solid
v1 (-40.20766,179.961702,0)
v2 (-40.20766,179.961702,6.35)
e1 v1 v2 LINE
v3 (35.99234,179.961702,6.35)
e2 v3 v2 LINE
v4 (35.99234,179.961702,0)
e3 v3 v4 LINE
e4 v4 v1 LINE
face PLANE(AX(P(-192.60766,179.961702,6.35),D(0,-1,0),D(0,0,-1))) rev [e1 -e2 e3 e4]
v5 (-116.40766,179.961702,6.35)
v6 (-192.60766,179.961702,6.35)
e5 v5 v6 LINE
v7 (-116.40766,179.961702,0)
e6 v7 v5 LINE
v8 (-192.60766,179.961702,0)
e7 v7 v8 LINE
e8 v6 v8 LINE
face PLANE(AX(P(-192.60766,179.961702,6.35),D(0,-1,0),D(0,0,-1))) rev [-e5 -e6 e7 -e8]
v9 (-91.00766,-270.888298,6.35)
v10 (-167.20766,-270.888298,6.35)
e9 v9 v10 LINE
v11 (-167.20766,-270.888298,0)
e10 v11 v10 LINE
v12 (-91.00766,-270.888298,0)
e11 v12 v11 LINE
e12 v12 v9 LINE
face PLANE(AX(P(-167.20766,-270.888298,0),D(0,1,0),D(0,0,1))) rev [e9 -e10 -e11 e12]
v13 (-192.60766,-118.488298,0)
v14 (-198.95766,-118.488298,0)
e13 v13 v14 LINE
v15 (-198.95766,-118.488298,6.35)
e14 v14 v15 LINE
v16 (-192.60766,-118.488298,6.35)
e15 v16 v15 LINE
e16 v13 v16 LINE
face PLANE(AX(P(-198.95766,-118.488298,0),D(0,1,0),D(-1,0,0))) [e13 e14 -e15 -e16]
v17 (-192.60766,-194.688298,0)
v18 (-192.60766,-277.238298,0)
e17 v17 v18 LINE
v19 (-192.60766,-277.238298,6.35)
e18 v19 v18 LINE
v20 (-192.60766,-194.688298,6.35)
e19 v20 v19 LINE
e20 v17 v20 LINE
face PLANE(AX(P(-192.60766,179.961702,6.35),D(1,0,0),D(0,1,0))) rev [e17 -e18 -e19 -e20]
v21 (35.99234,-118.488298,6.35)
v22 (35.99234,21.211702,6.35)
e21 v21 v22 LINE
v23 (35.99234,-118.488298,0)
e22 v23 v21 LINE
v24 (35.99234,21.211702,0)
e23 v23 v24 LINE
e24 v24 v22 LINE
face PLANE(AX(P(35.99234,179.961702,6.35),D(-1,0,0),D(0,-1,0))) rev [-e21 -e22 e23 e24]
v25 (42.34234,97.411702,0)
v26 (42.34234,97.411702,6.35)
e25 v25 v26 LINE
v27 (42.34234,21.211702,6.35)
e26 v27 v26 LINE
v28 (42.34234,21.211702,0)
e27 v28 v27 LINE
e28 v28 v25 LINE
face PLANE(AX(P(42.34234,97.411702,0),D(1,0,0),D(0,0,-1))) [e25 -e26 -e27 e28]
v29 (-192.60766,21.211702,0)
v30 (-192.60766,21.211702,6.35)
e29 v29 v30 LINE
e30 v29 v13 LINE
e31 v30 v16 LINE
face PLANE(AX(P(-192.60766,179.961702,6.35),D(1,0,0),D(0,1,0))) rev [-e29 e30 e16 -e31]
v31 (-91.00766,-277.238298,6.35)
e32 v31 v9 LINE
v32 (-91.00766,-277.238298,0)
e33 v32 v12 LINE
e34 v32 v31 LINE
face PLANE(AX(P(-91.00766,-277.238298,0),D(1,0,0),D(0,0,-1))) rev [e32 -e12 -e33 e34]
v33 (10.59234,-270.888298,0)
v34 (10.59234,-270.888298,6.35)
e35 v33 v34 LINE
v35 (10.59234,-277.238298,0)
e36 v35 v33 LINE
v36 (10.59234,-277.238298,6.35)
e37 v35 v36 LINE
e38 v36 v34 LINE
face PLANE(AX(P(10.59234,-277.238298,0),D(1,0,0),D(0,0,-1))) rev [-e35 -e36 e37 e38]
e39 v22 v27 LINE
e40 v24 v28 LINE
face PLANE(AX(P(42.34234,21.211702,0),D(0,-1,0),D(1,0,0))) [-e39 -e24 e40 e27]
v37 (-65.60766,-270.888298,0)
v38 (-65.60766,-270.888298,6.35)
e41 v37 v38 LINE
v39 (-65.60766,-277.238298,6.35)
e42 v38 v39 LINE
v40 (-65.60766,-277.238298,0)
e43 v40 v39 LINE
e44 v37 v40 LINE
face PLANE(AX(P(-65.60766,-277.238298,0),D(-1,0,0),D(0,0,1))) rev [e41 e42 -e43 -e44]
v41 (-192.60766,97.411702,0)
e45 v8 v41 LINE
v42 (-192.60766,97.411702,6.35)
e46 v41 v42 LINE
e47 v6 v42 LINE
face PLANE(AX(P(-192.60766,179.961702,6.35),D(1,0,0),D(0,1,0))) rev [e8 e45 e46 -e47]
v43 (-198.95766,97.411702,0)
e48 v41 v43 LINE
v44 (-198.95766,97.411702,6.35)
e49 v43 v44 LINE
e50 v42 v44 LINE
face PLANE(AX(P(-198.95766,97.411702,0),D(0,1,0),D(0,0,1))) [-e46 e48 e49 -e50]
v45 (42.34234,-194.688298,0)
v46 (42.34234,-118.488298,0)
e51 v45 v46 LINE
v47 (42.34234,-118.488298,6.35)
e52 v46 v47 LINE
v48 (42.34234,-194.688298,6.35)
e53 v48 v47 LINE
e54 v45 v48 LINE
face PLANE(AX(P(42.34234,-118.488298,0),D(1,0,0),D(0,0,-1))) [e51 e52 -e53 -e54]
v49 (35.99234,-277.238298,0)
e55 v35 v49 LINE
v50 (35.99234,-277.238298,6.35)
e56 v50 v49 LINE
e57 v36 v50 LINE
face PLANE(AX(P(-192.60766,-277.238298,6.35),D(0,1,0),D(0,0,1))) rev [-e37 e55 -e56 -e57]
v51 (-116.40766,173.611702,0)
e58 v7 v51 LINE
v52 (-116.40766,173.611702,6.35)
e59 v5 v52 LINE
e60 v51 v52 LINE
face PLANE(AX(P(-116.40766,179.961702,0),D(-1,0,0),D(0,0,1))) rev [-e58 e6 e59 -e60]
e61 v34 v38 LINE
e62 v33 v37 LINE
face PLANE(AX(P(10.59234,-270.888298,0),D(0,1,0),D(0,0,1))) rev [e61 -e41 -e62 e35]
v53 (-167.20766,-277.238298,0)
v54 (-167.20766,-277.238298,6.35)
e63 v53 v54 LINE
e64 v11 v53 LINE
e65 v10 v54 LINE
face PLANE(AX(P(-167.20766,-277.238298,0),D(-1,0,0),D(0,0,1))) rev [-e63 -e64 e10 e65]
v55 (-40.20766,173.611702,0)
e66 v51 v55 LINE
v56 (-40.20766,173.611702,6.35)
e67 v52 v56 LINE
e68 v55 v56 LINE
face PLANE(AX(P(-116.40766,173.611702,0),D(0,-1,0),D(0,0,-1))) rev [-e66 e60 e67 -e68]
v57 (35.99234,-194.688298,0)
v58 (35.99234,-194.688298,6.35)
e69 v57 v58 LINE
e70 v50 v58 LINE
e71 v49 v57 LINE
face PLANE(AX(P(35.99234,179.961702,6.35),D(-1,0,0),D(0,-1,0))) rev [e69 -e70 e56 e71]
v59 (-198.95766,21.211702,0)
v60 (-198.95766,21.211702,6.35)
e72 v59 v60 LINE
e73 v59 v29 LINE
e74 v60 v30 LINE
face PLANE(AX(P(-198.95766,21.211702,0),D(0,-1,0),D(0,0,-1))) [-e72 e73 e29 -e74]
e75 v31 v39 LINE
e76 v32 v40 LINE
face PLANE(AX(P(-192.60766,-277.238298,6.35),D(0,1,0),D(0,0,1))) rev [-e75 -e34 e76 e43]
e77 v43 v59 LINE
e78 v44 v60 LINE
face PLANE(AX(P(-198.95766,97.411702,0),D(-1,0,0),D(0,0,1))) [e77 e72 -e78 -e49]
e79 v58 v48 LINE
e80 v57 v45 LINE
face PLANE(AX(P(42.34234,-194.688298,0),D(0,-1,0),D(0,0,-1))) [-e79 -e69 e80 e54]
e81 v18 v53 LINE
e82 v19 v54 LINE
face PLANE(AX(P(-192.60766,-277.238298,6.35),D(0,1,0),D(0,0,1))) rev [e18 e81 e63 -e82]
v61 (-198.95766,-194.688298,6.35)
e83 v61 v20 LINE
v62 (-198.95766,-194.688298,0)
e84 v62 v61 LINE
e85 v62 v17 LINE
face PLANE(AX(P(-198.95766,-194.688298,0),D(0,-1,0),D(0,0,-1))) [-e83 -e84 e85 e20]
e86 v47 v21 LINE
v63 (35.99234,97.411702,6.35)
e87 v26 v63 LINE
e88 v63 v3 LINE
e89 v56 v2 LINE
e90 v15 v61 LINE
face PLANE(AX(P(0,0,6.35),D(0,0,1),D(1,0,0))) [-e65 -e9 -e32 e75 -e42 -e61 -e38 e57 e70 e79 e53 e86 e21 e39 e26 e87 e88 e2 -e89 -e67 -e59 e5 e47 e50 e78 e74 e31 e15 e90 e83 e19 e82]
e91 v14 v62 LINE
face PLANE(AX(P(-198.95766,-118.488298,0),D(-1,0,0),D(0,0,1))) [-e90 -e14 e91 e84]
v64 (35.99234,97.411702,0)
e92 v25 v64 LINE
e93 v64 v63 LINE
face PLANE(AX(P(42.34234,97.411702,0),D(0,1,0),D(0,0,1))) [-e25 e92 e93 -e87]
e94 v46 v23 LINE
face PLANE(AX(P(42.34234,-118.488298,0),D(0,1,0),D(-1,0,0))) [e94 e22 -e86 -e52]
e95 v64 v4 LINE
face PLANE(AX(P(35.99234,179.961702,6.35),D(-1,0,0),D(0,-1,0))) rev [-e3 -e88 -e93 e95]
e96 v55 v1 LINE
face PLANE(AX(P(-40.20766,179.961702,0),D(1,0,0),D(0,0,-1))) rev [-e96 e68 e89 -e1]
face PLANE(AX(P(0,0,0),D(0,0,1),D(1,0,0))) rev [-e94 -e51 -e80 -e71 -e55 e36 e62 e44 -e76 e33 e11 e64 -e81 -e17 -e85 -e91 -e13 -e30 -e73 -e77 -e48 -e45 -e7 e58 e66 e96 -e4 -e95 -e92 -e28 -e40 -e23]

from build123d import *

# Parameters (mm, degrees)
SKETCH1_W           = 228.6
SKETCH1_H           = 457.2
BOSS_EXTRUDE1_DEPTH = 6.35
SKETCH2_W           = 6.35
SKETCH2_H           = 76.2
BOSS_EXTRUDE4_DEPTH = 6.35
SKETCH3_W           = 76.2
SKETCH3_H           = 6.35
CUT_EXTRUDE1_DEPTH  = 6.35


with BuildPart() as part:
    # Sketch1 → Boss-Extrude1 (new body)
    with BuildSketch(Plane.XY):
        with Locations((-78.307659574, -48.638297872)):
            Rectangle(SKETCH1_W, SKETCH1_H)
    extrude(amount=BOSS_EXTRUDE1_DEPTH)

    # Sketch2 → Boss-Extrude4 (add, through all)
    with BuildSketch(Plane.XY.offset(6.35)):
        with Locations((-195.782659574, 59.311702128)):
            Rectangle(SKETCH2_W, SKETCH2_H)
        with Locations((-195.782659574, -156.588297872)):
            Rectangle(SKETCH2_W, SKETCH2_H)
        with Locations((39.167340426, -156.588297872)):
            Rectangle(SKETCH2_W, SKETCH2_H)
        with Locations((39.167340426, 59.311702128)):
            Rectangle(SKETCH2_W, SKETCH2_H)
    extrude(amount=-BOSS_EXTRUDE4_DEPTH)

    # Sketch3 → Cut-Extrude1 (cut)
    with BuildSketch(Plane.XY.offset(6.35)):
        with Locations((-129.107659574, -274.063297872)):
            Rectangle(SKETCH3_W, SKETCH3_H)
        with Locations((-27.507659574, -274.063297872)):
            Rectangle(SKETCH3_W, SKETCH3_H)
        with Locations((-78.307659574, 176.786702128)):
            Rectangle(SKETCH3_W, SKETCH3_H)
    extrude(amount=-CUT_EXTRUDE1_DEPTH, mode=Mode.SUBTRACT)


solid = part.part
